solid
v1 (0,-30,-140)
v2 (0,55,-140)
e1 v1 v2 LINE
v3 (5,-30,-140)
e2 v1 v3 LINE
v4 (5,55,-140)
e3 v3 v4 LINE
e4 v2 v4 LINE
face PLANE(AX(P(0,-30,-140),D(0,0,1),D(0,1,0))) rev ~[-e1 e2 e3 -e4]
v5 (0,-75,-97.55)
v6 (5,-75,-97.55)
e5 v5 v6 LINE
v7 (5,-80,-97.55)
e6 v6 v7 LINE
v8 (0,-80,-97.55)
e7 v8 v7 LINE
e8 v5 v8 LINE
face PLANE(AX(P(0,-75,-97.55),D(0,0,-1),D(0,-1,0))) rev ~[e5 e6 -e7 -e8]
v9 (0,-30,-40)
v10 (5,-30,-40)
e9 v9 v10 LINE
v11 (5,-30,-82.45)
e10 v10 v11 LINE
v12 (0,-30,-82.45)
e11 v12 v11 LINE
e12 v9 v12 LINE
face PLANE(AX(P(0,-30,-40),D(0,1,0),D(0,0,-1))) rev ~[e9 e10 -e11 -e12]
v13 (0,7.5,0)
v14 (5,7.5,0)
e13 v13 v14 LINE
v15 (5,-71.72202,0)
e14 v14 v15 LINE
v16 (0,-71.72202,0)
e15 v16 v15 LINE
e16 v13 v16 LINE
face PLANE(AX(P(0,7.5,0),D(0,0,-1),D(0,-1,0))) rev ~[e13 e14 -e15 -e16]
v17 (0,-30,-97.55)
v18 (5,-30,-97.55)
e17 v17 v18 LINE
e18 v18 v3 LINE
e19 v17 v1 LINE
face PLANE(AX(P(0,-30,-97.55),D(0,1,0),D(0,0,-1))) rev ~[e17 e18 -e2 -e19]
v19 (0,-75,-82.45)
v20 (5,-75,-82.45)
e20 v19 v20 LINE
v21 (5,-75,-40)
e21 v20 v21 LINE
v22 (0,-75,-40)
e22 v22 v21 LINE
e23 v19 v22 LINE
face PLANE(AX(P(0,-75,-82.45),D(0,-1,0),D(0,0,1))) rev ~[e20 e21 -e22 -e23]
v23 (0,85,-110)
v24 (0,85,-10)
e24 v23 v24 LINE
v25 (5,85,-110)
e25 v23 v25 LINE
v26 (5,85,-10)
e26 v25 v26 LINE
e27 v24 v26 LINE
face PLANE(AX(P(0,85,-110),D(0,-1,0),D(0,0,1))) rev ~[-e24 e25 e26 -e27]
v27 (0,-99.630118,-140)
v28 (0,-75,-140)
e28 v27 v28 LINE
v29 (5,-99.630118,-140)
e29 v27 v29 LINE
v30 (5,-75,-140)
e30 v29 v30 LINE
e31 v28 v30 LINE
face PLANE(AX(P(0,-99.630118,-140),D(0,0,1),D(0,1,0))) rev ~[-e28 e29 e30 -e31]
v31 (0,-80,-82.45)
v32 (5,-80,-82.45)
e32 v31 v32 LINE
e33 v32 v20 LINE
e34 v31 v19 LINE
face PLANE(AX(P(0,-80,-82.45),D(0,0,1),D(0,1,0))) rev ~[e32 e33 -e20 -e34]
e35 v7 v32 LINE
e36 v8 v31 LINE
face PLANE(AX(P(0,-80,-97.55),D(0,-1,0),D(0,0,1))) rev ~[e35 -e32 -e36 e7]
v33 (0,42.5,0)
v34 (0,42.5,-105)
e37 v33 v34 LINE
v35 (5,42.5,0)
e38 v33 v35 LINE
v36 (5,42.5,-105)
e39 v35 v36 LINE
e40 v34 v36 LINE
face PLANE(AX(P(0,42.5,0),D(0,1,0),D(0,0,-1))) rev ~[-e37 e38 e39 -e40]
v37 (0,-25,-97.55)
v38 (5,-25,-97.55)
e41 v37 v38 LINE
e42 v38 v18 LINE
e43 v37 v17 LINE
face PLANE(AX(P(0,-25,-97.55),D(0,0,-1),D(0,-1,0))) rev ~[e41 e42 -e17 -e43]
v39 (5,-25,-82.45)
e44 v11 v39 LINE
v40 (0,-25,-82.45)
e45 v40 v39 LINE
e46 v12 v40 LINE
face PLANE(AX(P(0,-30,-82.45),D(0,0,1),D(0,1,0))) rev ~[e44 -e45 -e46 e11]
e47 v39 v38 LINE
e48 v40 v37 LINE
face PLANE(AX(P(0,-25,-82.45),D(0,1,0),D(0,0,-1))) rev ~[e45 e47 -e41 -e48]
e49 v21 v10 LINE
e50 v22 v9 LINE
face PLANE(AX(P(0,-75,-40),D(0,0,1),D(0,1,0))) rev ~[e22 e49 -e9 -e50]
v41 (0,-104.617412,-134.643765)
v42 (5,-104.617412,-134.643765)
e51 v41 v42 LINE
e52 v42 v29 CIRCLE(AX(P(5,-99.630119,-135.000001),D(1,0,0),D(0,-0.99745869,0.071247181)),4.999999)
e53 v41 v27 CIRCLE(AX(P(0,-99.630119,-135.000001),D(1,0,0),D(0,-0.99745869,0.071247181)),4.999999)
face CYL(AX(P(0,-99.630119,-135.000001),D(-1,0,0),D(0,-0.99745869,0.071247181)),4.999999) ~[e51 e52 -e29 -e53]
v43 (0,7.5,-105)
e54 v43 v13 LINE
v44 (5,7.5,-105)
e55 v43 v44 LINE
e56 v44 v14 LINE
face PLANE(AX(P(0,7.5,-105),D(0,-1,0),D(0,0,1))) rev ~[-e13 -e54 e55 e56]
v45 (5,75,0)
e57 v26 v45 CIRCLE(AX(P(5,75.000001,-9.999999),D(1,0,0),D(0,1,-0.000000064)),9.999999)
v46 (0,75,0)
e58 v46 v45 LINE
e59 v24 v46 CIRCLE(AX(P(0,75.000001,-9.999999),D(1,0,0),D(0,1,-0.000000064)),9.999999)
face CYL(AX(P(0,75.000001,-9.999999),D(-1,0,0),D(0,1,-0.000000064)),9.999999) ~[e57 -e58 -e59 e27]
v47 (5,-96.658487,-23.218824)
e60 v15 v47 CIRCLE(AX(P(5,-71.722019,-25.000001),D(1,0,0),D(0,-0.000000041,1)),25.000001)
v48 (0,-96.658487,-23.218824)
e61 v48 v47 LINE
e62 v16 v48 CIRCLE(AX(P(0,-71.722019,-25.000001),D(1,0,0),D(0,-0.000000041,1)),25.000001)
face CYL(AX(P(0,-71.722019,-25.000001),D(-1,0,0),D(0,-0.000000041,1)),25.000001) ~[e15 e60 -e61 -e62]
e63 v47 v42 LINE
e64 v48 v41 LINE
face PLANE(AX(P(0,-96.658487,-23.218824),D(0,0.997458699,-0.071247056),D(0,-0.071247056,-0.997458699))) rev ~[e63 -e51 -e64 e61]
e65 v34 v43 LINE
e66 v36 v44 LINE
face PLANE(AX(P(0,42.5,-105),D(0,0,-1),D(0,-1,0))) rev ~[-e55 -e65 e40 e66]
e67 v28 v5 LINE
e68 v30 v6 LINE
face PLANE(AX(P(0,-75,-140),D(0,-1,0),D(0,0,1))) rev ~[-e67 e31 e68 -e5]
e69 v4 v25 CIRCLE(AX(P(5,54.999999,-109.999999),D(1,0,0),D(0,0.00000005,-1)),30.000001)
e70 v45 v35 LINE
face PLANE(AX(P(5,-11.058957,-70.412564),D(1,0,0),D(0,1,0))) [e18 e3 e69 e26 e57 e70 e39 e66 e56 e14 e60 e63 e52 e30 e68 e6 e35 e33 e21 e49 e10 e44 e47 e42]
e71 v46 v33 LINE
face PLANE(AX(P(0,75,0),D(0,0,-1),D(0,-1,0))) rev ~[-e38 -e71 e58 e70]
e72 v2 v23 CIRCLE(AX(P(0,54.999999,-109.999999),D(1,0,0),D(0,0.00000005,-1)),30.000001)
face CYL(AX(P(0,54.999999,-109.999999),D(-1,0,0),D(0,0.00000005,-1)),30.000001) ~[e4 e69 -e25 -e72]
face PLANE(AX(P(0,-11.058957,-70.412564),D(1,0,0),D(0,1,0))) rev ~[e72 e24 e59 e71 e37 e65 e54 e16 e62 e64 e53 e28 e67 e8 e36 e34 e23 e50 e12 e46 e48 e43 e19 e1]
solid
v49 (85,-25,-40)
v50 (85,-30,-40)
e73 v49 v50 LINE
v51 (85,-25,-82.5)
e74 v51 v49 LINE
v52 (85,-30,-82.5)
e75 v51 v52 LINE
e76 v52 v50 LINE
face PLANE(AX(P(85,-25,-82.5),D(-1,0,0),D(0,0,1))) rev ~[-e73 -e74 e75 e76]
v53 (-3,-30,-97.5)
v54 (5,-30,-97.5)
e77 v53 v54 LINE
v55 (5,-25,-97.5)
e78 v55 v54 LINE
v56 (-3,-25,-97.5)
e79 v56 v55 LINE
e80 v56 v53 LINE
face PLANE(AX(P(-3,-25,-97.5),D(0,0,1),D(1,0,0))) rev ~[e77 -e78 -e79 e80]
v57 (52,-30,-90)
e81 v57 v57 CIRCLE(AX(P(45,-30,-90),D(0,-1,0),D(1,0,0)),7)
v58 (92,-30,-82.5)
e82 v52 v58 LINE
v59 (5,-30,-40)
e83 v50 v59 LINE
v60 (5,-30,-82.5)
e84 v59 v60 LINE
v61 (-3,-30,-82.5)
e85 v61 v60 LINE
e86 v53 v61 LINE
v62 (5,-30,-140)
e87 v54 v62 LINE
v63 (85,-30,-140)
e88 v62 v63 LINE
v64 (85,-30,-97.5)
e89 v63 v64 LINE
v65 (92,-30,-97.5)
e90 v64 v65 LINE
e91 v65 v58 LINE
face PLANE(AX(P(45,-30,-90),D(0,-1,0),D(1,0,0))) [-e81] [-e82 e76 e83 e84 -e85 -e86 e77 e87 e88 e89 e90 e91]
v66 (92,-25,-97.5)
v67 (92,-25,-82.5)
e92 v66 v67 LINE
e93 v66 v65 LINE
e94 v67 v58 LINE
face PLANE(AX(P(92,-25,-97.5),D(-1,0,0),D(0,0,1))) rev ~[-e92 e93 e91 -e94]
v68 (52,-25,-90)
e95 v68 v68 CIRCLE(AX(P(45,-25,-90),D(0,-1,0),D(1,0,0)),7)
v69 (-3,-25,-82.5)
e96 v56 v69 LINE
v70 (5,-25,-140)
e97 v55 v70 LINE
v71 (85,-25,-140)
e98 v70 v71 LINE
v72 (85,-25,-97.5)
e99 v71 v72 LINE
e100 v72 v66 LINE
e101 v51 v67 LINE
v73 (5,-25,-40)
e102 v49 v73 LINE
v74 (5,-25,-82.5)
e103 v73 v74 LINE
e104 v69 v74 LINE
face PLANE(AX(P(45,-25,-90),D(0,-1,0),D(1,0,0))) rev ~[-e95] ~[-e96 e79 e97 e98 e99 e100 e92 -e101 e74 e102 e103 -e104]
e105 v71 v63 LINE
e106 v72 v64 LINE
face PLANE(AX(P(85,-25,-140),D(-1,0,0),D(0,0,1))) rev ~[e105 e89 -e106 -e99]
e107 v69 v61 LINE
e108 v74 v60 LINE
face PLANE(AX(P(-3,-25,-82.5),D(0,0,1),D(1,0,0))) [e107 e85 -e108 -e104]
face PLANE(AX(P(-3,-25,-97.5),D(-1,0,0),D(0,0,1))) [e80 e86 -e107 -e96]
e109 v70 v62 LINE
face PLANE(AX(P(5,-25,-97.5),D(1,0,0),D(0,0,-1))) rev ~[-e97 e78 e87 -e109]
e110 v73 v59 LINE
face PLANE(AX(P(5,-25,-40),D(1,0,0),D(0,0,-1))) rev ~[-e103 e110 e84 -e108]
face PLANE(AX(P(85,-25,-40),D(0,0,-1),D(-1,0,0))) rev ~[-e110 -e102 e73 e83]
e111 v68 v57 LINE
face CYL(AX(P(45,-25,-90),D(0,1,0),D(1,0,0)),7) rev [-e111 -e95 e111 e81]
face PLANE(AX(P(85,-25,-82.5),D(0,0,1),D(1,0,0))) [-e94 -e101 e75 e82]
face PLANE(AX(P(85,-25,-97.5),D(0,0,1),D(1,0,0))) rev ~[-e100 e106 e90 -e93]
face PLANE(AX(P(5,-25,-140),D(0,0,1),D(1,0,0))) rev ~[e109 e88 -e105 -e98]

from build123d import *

# Parameters (mm, degrees)
F1_DEPTH = 5
F2_R     = 7
F2_W     = 8
F2_H     = 15
F2_W_2   = 7
F3_DEPTH = 5


with BuildPart() as f1:
    # F0 (on Right) → F1 (new body)
    with BuildSketch(Plane.YZ):
        with BuildLine():
            Line((7.5, -105), (7.5, 0))
            Line((7.5, 0), (0, 0))
            Line((0, 0), (-71.72202, 0))
            ThreePointArc((-71.72202, 0), (-88.758313, -6.703424), (-96.658487, -23.218824))
            Line((-96.658487, -23.218824), (-104.617412, -134.643765))
            ThreePointArc((-104.617412, -134.643765), (-103.289434, -138.407259), (-99.630118, -140))
            Line((-99.630118, -140), (-75, -140))
            Line((-75, -140), (-75, -97.55))
            Line((-75, -97.55), (-80, -97.55))
            Line((-80, -97.55), (-80, -82.45))
            Line((-80, -82.45), (-75, -82.45))
            Line((-75, -82.45), (-75, -40))
            Line((-75, -40), (-30, -40))
            Line((-30, -40), (-30, -82.45))
            Line((-30, -82.45), (-25, -82.45))
            Line((-25, -82.45), (-25, -97.55))
            Line((-25, -97.55), (-30, -97.55))
            Line((-30, -97.55), (-30, -140))
            Line((-30, -140), (55, -140))
            ThreePointArc((55, -140), (76.213203, -131.213203), (85, -110))
            Line((85, -110), (85, -10))
            ThreePointArc((85, -10), (82.071068, -2.928932), (75, 0))
            Line((75, 0), (42.5, 0))
            Line((42.5, 0), (42.5, -105))
            Line((42.5, -105), (7.5, -105))
        make_face()
    extrude(amount=F1_DEPTH)


with BuildPart() as f3:
    # F2 (on face) → F3 (new body)
    with BuildSketch(Plane.XZ.offset(25)):
        Polygon((85, -40), (5, -40), (5, -82.5), (5, -97.5), (5, -140), (85, -140), (85, -97.5), (85, -82.5), align=None)
        with Locations((45, -90)):
            Circle(F2_R, mode=Mode.SUBTRACT)
        with Locations((1, -90)):
            Rectangle(F2_W, F2_H)
        with Locations((88.5, -90)):
            Rectangle(F2_W_2, F2_H)
    extrude(amount=F3_DEPTH)


solid = Compound([f1.part, f3.part])
